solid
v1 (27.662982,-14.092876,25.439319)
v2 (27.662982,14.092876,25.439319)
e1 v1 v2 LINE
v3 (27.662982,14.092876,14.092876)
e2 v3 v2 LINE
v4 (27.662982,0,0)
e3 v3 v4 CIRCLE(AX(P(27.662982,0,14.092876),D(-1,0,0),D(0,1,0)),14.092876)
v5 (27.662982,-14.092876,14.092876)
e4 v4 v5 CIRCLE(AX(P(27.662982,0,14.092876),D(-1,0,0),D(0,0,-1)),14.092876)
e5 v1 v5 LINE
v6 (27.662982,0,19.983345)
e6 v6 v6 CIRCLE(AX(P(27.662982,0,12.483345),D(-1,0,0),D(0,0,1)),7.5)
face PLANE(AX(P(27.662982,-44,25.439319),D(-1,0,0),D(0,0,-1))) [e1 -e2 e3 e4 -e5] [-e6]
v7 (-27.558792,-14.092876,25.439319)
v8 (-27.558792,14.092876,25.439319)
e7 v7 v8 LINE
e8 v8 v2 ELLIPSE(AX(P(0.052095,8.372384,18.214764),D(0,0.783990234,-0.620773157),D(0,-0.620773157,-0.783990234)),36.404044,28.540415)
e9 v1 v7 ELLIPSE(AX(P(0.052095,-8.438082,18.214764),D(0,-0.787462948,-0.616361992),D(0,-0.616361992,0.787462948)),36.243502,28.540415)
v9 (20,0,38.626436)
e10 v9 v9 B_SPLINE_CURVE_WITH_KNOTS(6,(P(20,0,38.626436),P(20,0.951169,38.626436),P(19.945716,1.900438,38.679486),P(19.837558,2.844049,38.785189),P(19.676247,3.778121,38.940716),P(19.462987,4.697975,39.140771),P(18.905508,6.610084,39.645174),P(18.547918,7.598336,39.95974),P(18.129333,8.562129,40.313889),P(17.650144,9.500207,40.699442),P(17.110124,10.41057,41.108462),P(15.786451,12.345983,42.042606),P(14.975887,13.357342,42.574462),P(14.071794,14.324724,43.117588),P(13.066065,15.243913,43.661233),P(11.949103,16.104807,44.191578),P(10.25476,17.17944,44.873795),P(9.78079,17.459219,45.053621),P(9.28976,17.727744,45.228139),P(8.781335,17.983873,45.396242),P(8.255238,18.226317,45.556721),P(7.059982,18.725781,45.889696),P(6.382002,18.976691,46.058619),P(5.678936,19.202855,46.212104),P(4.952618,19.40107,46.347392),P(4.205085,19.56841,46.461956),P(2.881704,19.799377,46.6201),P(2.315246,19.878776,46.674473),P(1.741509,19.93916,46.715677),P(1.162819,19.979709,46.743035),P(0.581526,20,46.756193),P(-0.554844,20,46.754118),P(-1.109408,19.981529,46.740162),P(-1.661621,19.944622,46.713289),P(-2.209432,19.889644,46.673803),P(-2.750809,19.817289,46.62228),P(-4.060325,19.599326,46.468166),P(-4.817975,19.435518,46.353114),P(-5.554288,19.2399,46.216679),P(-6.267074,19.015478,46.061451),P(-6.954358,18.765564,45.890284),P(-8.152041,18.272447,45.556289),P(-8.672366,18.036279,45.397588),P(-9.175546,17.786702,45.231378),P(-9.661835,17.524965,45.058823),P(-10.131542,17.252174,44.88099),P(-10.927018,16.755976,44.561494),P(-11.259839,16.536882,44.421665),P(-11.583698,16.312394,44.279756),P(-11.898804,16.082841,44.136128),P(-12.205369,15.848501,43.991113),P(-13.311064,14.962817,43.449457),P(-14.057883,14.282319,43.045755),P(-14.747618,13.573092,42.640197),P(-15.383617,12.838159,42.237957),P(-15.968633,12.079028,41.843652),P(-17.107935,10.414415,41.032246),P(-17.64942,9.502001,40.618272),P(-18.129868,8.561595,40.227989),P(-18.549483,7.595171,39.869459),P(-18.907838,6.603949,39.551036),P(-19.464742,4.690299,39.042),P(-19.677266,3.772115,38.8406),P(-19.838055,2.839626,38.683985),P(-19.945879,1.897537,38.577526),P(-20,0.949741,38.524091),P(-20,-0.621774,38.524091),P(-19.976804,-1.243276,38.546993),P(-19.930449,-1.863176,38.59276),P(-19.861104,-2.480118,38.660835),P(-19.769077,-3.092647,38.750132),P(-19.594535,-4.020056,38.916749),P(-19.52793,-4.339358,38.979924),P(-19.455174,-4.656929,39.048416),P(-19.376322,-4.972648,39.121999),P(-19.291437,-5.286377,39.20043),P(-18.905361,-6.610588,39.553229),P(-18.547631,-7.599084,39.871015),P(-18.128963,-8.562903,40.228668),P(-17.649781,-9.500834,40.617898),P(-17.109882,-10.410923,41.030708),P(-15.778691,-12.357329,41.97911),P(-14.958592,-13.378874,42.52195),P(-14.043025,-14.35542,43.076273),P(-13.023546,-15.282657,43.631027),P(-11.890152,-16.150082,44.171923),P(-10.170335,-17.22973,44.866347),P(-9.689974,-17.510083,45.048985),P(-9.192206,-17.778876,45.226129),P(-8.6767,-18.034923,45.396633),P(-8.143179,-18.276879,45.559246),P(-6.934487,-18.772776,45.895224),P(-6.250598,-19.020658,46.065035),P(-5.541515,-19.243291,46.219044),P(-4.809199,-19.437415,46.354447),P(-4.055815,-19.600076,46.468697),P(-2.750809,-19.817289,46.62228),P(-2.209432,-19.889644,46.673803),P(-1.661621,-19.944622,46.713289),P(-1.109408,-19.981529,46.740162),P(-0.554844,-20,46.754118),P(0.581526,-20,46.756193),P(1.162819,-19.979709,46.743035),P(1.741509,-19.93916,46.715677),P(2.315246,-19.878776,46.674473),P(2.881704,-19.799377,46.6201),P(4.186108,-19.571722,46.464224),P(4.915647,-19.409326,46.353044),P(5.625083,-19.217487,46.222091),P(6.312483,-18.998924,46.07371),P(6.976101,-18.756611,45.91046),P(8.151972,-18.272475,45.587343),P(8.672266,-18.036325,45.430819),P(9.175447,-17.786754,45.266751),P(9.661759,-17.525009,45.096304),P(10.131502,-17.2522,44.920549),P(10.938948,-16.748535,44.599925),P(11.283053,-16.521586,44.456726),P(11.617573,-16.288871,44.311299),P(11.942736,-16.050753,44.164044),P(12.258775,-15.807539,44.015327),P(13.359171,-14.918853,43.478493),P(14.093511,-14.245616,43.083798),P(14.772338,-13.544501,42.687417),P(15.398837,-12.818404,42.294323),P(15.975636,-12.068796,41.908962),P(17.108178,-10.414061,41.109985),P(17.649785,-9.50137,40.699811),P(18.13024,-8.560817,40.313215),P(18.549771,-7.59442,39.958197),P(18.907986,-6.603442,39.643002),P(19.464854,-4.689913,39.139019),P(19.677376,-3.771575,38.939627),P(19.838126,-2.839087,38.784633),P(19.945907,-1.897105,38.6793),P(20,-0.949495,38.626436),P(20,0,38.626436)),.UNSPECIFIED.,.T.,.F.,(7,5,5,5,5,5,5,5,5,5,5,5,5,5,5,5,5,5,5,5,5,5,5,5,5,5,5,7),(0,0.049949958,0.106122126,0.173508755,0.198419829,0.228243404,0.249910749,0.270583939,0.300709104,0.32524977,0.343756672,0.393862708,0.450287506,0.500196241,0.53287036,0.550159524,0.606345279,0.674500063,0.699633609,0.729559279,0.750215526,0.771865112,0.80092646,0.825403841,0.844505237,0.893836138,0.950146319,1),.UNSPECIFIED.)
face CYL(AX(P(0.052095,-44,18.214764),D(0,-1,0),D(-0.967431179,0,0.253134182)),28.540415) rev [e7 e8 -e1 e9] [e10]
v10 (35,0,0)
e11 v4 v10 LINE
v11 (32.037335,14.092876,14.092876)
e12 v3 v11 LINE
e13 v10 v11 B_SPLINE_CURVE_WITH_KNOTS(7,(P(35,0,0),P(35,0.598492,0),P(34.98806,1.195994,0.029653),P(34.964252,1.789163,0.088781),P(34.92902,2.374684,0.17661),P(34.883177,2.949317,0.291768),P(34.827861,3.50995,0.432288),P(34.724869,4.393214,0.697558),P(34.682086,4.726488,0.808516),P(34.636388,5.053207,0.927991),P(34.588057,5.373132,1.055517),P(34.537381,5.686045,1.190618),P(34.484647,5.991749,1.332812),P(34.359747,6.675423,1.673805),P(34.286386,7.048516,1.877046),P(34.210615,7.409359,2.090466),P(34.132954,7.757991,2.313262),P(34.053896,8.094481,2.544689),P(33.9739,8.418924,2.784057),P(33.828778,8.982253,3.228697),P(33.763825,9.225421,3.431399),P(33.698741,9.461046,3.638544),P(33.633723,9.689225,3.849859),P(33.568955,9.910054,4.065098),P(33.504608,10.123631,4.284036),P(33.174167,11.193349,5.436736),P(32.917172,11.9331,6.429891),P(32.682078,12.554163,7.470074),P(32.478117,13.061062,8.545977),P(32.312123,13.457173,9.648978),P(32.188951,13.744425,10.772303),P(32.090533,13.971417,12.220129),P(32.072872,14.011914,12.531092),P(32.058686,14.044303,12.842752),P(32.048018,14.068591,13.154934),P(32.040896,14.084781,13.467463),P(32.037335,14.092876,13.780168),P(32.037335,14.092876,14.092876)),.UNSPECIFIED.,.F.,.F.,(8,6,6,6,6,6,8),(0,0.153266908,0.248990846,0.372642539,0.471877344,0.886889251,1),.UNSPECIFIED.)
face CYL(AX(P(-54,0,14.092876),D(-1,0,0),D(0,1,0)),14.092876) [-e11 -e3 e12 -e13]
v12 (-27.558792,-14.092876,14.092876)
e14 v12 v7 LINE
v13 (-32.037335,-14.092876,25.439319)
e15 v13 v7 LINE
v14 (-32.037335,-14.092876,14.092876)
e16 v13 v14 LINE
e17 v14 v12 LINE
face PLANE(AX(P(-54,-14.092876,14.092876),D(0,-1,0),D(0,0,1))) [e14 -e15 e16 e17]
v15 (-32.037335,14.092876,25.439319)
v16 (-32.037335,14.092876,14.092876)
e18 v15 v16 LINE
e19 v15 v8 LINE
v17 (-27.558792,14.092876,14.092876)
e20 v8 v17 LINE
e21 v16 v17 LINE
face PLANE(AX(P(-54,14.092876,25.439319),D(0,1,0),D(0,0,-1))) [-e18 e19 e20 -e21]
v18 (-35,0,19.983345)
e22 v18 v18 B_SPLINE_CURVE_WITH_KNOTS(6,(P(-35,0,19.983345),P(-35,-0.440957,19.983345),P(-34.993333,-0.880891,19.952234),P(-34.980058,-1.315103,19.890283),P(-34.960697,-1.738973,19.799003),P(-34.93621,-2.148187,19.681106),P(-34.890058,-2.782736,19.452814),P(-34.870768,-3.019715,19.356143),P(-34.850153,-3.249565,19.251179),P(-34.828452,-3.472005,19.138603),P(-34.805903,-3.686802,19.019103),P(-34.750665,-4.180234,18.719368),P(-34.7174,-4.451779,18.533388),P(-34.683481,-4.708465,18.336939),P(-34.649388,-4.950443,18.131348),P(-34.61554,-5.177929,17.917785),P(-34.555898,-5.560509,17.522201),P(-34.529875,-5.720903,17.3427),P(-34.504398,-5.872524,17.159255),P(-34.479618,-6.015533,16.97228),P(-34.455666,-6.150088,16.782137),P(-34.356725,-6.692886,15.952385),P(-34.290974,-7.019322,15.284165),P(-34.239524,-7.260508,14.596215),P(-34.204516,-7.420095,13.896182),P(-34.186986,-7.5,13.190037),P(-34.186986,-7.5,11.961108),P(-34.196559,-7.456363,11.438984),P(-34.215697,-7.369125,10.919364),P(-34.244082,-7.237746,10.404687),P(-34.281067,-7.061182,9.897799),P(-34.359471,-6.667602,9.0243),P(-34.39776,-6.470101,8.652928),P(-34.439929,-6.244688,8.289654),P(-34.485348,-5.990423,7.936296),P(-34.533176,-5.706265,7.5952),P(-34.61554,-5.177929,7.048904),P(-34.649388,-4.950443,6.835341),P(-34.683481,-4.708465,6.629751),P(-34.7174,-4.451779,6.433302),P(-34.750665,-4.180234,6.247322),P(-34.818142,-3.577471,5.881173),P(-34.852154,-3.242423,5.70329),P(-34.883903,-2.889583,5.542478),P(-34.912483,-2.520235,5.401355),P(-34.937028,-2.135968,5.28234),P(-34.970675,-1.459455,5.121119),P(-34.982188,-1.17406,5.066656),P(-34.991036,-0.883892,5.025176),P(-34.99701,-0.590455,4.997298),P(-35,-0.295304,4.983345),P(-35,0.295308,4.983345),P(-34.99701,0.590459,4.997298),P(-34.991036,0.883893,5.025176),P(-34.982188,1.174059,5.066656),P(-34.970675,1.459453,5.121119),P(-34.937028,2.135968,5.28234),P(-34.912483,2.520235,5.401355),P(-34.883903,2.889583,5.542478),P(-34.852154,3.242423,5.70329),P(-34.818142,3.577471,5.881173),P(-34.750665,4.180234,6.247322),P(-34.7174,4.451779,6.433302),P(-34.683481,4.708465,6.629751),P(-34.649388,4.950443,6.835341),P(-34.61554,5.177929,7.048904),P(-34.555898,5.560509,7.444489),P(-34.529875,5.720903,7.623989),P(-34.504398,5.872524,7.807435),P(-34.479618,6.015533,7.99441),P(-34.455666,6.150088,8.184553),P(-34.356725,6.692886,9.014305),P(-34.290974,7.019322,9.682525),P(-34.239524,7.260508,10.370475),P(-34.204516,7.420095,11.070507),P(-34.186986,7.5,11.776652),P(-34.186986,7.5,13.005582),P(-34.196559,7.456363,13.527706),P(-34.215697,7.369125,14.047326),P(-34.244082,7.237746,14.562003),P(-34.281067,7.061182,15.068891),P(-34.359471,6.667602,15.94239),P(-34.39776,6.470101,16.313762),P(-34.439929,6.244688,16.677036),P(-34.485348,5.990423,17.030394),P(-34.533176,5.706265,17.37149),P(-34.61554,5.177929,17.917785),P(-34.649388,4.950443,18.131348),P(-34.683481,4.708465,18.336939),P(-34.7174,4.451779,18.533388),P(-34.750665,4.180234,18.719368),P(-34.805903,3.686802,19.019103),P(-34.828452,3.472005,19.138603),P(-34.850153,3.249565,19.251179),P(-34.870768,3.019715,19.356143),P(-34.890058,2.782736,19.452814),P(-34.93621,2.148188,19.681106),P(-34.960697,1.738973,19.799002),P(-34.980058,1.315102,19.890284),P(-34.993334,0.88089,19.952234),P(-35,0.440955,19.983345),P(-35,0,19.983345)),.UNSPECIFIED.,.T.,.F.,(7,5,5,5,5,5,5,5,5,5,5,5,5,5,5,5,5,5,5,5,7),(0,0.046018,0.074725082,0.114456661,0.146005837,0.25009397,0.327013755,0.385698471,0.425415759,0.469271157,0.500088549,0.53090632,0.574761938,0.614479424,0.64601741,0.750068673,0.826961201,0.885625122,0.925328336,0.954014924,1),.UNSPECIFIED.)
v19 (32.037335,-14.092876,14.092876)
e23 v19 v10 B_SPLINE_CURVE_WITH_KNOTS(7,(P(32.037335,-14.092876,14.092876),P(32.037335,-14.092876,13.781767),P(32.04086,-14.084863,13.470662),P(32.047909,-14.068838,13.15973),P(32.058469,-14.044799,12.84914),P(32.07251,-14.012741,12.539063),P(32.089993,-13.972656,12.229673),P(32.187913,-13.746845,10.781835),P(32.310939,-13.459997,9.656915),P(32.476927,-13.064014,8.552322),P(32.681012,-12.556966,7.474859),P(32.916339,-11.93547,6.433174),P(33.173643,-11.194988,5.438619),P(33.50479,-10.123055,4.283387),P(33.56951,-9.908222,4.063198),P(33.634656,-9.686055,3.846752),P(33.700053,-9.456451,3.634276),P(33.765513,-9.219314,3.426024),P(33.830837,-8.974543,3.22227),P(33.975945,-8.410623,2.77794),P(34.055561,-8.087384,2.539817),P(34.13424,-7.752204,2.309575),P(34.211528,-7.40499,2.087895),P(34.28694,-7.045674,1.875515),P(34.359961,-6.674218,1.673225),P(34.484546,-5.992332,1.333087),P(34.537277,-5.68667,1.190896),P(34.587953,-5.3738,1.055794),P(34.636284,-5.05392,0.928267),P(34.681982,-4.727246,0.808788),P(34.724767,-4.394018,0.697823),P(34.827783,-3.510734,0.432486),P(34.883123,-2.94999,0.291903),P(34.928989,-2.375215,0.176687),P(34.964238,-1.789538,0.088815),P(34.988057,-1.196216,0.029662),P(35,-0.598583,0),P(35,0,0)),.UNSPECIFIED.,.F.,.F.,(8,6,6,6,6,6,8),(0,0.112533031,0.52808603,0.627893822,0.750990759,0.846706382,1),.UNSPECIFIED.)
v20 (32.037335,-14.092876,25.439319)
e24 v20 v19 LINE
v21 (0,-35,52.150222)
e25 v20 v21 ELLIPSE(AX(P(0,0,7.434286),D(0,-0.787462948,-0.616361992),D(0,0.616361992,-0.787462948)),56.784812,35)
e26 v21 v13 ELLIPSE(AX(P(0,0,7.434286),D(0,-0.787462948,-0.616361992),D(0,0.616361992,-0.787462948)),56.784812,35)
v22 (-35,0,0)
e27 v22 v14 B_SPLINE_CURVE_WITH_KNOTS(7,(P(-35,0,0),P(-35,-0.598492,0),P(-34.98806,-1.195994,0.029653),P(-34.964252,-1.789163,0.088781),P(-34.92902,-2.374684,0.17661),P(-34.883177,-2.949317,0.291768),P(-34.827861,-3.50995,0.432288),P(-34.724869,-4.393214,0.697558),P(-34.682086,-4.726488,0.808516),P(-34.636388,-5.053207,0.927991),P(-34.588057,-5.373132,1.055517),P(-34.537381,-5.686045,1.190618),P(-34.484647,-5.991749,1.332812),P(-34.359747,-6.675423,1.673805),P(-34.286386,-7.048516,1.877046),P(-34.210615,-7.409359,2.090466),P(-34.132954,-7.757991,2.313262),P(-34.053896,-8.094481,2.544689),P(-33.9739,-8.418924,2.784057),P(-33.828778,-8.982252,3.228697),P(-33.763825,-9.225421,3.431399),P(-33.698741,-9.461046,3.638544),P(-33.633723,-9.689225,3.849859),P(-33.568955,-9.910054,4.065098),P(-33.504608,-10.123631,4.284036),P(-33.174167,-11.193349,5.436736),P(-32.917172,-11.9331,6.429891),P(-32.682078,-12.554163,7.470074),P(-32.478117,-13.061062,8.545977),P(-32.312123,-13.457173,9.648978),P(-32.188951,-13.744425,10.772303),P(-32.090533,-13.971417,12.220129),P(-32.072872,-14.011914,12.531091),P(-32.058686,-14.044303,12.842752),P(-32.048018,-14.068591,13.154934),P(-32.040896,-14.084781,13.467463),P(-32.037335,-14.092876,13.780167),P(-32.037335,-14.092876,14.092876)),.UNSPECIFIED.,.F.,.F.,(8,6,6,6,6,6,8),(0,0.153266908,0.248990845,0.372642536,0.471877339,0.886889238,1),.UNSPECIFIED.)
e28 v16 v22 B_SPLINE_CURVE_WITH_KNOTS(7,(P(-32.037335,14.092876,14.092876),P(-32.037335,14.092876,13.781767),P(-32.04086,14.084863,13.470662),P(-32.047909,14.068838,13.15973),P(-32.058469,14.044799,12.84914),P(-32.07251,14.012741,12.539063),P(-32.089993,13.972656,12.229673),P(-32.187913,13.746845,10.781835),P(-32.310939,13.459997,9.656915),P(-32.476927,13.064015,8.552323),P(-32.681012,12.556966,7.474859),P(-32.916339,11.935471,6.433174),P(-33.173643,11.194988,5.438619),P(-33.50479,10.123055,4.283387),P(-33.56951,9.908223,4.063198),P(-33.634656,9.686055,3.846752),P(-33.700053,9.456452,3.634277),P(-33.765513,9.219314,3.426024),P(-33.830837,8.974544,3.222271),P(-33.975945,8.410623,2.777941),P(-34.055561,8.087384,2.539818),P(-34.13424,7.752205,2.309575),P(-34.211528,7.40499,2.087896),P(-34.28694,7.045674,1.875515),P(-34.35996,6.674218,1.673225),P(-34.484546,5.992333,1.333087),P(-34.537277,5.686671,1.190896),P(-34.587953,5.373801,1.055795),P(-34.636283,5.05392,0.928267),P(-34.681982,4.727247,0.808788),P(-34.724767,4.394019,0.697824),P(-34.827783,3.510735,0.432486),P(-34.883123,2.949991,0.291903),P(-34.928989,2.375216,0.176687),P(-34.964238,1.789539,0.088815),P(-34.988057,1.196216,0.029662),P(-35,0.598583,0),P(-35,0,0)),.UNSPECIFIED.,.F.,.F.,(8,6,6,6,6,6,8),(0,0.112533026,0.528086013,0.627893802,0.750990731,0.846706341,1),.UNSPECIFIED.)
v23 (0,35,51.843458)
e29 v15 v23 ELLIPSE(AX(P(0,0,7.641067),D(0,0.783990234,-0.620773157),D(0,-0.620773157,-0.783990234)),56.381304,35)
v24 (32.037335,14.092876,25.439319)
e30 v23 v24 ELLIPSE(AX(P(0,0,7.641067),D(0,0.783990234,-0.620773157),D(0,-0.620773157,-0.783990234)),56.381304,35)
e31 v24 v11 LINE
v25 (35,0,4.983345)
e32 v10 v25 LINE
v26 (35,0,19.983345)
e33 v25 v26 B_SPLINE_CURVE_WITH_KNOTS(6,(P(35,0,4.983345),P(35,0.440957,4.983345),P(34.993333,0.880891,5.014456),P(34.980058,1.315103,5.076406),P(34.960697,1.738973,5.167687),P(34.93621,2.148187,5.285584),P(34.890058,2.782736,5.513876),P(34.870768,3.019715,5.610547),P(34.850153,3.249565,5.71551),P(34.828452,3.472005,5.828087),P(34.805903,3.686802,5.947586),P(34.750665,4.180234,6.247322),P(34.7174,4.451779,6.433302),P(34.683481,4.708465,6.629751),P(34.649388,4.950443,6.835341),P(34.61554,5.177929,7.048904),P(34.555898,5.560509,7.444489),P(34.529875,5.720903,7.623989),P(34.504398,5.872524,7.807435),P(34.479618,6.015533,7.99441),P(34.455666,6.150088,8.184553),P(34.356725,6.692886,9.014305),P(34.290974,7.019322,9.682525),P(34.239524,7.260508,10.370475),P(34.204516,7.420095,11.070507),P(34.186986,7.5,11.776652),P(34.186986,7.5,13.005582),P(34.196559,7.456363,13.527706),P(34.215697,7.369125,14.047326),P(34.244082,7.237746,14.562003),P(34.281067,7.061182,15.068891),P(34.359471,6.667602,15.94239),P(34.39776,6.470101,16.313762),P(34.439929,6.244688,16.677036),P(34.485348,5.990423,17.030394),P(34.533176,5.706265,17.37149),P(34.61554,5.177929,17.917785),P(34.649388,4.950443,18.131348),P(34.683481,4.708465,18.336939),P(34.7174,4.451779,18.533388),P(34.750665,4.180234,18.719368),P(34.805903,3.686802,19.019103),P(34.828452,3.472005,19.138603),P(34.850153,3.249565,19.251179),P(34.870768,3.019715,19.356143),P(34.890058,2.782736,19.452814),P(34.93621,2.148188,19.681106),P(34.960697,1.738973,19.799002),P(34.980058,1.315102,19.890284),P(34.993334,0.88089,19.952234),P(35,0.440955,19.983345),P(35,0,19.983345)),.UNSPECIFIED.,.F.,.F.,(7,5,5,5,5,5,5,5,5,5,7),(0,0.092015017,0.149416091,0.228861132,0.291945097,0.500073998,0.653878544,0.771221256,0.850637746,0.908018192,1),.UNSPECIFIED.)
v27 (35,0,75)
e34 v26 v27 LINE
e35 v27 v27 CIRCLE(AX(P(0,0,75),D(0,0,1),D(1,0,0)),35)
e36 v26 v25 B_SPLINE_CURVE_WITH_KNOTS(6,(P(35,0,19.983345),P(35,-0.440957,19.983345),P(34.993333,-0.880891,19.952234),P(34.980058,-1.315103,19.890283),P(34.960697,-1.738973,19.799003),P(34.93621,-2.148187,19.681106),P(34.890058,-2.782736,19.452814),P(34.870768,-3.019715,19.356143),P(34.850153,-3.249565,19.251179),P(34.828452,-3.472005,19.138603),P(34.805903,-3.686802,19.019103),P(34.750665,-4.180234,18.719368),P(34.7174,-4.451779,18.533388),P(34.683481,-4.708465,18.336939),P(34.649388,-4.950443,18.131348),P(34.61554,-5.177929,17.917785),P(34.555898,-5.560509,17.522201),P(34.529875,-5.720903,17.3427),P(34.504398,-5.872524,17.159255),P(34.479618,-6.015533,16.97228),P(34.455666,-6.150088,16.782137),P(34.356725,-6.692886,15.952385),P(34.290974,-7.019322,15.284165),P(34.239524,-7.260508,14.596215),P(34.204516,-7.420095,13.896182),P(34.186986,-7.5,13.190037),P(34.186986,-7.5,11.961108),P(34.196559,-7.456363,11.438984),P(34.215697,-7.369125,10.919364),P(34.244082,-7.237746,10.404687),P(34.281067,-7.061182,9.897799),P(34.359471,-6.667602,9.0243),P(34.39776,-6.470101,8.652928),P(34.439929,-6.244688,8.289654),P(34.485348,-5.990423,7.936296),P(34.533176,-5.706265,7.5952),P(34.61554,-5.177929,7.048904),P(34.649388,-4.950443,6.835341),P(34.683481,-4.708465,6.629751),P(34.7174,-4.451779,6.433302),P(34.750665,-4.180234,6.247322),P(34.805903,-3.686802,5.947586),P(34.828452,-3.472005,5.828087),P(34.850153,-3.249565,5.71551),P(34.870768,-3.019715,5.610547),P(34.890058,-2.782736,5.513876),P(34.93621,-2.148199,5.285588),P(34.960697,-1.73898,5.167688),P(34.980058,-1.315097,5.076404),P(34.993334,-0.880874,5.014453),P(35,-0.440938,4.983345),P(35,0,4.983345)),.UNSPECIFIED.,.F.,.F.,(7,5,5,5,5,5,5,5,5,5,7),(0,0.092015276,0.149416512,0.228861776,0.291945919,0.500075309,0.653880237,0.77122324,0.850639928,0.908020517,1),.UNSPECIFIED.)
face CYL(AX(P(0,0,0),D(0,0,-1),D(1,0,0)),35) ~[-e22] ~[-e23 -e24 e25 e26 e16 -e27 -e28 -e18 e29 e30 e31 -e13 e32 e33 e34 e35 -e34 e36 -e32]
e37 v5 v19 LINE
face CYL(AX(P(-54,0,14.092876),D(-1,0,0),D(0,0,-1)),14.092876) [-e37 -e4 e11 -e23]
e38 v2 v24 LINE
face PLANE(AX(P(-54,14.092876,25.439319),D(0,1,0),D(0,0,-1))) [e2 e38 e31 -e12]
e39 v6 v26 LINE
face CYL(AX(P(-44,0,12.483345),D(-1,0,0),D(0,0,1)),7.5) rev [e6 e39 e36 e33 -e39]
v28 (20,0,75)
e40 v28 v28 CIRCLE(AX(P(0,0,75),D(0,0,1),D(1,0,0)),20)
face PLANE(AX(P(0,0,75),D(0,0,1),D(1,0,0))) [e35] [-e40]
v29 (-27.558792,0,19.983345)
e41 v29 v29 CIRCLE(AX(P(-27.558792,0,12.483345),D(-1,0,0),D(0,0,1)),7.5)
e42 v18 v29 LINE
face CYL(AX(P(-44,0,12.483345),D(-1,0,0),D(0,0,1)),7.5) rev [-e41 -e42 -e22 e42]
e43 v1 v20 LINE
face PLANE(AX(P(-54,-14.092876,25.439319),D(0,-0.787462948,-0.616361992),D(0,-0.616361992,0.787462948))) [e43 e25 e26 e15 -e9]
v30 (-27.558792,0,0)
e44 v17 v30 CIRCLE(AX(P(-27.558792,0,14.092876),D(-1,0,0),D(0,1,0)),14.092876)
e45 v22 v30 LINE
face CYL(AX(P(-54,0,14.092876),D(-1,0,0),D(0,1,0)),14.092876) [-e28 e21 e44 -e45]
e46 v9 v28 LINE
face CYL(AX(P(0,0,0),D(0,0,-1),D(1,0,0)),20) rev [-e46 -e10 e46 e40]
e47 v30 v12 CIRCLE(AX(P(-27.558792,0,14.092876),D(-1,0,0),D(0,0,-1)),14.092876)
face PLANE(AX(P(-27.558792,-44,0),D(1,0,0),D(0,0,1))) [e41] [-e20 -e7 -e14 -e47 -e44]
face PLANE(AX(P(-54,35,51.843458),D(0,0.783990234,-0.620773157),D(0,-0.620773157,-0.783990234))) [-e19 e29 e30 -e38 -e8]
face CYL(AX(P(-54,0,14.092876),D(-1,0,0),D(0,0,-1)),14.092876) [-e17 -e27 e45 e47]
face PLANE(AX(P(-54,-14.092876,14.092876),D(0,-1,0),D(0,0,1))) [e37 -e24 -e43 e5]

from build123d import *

# Parameters (mm, degrees)
SKETCH1_R               = 35
SKETCH1_R_2             = 20
BOSS_EXTRUDE1_DEPTH     = 75
CUT_EXTRUDE1_DEPTH      = 45
CUT_EXTRUDE1_DEPTH_BACK = 54
CUT_EXTRUDE2_DEPTH      = 48
CUT_EXTRUDE2_DEPTH_BACK = 44
CUT_EXTRUDE3_DEPTH      = 44
CUT_EXTRUDE3_DEPTH_BACK = 44
SKETCH4_R               = 7.5


with BuildPart() as part:
    # Sketch1 → Boss-Extrude1 (new body)
    with BuildSketch(Plane.XY):
        Circle(SKETCH1_R)
        Circle(SKETCH1_R_2, mode=Mode.SUBTRACT)
    extrude(amount=BOSS_EXTRUDE1_DEPTH)

    # Sketch2 → Cut-Extrude1 (cut, two sides: drawn at the far end of the back side and taken through both)
    with BuildSketch(Plane(origin=(0, 0, 0), x_dir=(0, 0, -1), z_dir=(1, 0, 0)).offset(-CUT_EXTRUDE1_DEPTH_BACK)):
        with BuildLine():
            Line((0, -35), (0, 0))
            ThreePointArc((0, 0), (-4.127707746, -9.965168023), (-14.092875769, -14.092875769))
            Line((-14.092875769, -14.092875769), (-25.439318665, -14.092875769))
            Line((-25.439318665, -14.092875769), (-52.150222161, -35))
            Line((-52.150222161, -35), (0, -35))
        make_face()
        with BuildLine():
            Line((-25.439318665, 14.092875769), (-14.092875769, 14.092875769))
            ThreePointArc((-14.092875769, 14.092875769), (-4.127707746, 9.965168023), (0, 0))
            Line((0, 0), (0, 35))
            Line((0, 35), (-51.84345844, 35))
            Line((-51.84345844, 35), (-25.439318665, 14.092875769))
        make_face()
    extrude(amount=CUT_EXTRUDE1_DEPTH + CUT_EXTRUDE1_DEPTH_BACK, mode=Mode.SUBTRACT)

    # Sketch3 → Cut-Extrude2 (cut, two sides: drawn at the far end of the back side and taken through both)
    with BuildSketch(Plane(origin=(0, 0, 0), x_dir=(1, 0, 0), z_dir=(0, 1, 0)).offset(-CUT_EXTRUDE2_DEPTH_BACK)):
        with BuildLine():
            Line((-27.558791769, 0), (-27.558791769, -25.439318665))
            ThreePointArc((-27.558791769, -25.439318665), (0.052095226, -46.7551788), (27.662982221, -25.439318665))
            Line((27.662982221, -25.439318665), (27.662982221, 0))
            Line((27.662982221, 0), (-27.558791769, 0))
        make_face()
    extrude(amount=CUT_EXTRUDE2_DEPTH + CUT_EXTRUDE2_DEPTH_BACK, mode=Mode.SUBTRACT)

    # Sketch4 → Cut-Extrude3 (cut, two sides: drawn at the far end of the back side and taken through both)
    with BuildSketch(Plane(origin=(0, 0, 0), x_dir=(0, 0, -1), z_dir=(1, 0, 0)).offset(-CUT_EXTRUDE3_DEPTH_BACK)):
        with Locations(Location((-12.483344887, 0, 0), (0, 0, 180))):
            Circle(SKETCH4_R)
    extrude(amount=CUT_EXTRUDE3_DEPTH + CUT_EXTRUDE3_DEPTH_BACK, mode=Mode.SUBTRACT)


solid = part.part
